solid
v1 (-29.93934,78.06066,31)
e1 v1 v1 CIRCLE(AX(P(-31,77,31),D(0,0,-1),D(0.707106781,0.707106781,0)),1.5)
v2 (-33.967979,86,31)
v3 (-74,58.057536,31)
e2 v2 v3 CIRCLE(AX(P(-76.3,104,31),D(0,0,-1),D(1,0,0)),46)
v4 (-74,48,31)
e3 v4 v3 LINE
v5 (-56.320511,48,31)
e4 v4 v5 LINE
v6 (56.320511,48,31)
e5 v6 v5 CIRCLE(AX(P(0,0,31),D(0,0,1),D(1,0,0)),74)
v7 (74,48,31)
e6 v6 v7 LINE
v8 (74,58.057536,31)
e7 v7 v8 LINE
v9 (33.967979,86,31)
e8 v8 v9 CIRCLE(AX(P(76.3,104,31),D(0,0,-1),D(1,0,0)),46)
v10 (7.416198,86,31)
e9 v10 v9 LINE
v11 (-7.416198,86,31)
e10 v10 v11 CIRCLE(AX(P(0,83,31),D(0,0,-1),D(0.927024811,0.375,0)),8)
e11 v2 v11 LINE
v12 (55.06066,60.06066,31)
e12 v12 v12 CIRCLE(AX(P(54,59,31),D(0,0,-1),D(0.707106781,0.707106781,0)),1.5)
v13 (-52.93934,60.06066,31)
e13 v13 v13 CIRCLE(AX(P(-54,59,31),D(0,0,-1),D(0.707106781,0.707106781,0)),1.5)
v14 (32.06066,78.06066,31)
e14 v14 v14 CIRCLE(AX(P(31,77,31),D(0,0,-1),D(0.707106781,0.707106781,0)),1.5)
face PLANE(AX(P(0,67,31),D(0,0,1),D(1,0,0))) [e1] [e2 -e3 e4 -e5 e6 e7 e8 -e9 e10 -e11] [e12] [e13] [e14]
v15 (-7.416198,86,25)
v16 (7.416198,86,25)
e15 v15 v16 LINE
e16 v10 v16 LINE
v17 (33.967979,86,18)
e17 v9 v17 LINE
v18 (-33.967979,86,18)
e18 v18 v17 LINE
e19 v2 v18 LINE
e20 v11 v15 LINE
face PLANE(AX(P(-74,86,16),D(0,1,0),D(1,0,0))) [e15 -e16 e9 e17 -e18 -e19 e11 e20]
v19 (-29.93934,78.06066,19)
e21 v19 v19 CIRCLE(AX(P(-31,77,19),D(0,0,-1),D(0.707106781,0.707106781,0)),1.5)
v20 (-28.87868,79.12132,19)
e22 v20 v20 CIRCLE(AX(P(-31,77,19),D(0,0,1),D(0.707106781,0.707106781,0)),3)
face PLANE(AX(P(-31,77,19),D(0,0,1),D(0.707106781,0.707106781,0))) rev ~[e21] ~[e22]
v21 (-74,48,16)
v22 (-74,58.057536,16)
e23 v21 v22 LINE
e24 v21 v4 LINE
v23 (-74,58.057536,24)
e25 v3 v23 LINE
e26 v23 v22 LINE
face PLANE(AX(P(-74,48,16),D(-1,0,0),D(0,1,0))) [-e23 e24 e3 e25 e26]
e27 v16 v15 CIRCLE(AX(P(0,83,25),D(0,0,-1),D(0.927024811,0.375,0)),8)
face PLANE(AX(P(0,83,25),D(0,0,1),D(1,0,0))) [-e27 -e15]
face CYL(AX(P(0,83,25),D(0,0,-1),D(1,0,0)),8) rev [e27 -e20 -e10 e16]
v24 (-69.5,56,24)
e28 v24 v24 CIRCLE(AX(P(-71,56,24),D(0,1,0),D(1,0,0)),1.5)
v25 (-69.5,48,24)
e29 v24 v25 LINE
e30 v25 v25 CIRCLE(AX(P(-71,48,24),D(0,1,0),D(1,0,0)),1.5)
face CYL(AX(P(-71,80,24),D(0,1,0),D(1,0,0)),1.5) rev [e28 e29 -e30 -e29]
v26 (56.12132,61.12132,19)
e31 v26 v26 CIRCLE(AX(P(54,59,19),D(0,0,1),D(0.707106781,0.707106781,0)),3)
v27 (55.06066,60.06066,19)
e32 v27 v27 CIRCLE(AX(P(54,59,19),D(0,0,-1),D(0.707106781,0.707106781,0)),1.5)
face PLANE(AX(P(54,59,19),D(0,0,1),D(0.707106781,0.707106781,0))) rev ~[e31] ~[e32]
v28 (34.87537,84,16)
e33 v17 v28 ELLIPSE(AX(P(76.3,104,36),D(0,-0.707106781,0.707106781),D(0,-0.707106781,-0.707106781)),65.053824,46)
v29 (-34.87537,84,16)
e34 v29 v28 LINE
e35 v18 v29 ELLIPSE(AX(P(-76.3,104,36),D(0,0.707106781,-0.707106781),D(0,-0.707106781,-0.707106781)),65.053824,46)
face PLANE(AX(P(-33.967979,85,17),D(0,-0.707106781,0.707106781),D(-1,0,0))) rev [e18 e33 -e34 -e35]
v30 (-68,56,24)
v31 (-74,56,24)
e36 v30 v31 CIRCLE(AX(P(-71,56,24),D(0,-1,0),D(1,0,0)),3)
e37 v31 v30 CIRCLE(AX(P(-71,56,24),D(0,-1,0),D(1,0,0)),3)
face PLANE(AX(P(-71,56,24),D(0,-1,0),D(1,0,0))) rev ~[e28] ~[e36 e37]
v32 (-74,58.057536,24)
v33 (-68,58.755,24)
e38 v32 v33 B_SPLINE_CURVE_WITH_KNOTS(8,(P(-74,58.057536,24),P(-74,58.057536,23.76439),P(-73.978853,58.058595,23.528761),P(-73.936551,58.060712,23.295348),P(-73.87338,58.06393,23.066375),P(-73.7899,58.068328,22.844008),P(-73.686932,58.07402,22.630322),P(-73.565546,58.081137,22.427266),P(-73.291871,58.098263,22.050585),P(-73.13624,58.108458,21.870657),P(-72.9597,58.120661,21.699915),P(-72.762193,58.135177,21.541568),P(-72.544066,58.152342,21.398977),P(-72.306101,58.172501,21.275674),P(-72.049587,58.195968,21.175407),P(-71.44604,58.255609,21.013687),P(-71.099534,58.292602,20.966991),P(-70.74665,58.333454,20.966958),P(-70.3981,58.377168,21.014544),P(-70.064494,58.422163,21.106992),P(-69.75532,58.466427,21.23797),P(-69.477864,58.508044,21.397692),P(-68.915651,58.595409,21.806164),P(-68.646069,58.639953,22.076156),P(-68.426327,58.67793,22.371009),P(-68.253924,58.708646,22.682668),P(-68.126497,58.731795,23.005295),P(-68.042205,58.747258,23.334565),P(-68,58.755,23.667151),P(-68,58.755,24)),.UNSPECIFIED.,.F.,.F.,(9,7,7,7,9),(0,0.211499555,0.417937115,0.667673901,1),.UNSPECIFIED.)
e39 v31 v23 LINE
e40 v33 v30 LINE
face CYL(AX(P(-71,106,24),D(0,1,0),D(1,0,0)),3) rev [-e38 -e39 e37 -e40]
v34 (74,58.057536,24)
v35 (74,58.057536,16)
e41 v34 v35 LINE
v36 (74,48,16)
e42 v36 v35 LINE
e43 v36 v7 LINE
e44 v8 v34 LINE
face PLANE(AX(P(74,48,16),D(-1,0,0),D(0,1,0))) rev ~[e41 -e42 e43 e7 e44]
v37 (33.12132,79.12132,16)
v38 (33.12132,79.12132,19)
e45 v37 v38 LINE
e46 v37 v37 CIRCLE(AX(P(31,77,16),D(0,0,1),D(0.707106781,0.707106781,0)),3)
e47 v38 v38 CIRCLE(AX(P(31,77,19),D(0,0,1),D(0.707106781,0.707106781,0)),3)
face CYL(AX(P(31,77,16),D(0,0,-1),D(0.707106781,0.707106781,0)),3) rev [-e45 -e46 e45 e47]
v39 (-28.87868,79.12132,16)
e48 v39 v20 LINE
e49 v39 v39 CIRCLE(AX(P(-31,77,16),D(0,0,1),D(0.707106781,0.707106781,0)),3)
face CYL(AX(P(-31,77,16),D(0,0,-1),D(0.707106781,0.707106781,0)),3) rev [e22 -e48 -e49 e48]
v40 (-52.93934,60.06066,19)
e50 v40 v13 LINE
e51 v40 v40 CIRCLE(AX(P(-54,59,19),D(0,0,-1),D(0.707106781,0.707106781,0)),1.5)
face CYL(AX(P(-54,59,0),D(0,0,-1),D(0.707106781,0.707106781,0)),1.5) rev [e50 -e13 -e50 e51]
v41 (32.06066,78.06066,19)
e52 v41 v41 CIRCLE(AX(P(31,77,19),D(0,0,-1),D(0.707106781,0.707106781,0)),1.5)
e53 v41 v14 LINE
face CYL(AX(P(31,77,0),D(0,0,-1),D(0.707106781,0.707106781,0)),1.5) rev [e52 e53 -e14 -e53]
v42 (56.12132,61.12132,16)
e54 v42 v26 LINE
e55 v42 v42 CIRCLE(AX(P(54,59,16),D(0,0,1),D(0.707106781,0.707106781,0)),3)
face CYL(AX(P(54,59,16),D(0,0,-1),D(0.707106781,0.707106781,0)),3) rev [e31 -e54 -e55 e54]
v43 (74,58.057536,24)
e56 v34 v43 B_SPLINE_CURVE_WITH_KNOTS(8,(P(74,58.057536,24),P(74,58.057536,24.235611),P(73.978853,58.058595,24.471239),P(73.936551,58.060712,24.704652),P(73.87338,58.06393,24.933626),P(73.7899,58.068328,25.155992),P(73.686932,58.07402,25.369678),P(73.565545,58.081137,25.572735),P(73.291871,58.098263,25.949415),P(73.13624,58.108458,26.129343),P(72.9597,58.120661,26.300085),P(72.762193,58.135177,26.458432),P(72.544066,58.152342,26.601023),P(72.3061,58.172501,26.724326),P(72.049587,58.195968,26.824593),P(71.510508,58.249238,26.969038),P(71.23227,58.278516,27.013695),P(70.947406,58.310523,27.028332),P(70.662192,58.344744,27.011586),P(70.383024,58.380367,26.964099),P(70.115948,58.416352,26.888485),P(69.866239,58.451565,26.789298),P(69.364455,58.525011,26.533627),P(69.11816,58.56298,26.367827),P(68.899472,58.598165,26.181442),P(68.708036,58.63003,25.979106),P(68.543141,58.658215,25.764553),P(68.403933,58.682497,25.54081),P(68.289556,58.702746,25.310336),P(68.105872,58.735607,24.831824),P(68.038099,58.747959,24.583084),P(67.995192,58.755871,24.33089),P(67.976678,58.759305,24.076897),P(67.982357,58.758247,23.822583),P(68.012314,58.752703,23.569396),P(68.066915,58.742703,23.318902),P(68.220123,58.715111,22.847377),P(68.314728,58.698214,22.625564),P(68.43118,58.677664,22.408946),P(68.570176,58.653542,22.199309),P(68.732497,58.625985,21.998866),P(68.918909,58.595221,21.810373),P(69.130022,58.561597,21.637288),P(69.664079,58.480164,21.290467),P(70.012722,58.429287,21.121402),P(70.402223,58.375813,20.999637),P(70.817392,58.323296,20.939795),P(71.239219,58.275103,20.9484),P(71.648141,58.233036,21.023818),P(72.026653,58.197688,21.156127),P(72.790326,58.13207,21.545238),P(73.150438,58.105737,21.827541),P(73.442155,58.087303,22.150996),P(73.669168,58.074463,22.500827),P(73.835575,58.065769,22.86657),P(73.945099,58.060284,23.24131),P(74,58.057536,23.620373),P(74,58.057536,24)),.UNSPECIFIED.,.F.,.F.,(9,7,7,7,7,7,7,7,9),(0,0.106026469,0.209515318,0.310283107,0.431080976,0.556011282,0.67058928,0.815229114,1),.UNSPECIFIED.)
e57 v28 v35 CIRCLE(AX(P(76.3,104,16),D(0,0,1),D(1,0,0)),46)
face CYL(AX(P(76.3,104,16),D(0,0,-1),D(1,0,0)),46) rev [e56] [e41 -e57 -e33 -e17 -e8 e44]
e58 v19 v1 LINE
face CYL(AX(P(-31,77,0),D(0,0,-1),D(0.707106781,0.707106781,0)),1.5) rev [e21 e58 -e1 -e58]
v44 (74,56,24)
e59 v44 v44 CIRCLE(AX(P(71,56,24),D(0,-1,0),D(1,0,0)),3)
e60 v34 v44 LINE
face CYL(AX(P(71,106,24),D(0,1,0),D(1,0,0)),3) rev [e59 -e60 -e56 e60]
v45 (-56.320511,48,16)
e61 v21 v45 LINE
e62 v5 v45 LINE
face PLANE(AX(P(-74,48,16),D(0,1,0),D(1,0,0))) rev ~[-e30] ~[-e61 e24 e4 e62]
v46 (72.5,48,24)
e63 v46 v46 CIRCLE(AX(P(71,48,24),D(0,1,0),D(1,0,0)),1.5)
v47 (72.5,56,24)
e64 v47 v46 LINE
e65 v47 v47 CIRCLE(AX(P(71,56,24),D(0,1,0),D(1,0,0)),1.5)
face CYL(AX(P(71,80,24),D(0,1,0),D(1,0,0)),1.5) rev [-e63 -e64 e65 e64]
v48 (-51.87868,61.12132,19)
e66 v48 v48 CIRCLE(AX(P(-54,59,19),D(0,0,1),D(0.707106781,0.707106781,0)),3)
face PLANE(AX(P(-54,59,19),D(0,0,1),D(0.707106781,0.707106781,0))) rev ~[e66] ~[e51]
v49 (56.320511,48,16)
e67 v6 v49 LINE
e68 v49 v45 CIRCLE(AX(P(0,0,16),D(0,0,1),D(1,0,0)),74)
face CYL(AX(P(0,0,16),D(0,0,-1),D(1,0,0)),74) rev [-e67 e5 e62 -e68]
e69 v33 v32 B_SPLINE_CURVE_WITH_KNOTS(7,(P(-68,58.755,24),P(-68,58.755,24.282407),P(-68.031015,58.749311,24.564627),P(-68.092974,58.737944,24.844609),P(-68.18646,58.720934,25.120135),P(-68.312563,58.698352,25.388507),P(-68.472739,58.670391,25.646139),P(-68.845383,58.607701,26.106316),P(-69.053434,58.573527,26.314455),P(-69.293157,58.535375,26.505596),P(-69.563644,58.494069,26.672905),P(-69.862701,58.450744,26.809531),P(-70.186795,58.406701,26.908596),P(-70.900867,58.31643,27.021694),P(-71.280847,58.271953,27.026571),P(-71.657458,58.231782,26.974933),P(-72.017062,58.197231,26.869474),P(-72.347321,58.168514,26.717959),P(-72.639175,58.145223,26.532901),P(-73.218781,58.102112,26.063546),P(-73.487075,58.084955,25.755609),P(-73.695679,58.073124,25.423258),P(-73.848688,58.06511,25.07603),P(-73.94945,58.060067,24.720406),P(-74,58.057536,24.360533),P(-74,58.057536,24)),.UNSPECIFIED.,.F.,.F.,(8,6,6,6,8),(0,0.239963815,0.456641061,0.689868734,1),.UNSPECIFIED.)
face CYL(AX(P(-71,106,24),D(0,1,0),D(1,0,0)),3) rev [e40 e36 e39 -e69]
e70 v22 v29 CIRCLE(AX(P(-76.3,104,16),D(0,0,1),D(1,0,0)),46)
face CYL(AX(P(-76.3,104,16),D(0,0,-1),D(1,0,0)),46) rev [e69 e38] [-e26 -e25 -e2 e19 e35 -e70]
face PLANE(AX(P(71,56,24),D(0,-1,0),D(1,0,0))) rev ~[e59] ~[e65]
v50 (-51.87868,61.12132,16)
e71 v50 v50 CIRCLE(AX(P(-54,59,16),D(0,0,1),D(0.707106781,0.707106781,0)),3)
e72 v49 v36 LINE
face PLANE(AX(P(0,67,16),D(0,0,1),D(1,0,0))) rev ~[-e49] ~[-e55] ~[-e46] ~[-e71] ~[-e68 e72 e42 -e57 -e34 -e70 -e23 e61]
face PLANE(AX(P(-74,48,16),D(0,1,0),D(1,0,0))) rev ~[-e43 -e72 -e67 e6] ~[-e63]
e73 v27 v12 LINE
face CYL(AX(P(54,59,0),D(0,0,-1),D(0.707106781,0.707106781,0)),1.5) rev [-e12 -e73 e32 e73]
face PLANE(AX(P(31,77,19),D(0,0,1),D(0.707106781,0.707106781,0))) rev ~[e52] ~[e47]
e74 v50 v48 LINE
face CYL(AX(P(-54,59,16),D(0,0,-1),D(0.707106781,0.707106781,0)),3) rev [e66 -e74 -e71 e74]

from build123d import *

# Parameters (mm, degrees)
CYLINDER2057_R               = 1.5
CYLINDER2057_DEPTH           = 50
CYLINDER2057_PLACEMENT_ANGLE = 45
CYLINDER2056_R               = 1.5
CYLINDER2056_DEPTH           = 50
CYLINDER2056_PLACEMENT_ANGLE = 45
CYLINDER2053_R               = 1.5
CYLINDER2053_DEPTH           = 50
CYLINDER2053_PLACEMENT_ANGLE = 45
CYLINDER2055_R               = 1.5
CYLINDER2055_DEPTH           = 50
CYLINDER2055_PLACEMENT_ANGLE = 45
CYLINDER2054_R               = 3
CYLINDER2054_DEPTH           = 3
CYLINDER2054_PLACEMENT_ANGLE = 45
CYLINDER2058_R               = 3
CYLINDER2058_DEPTH           = 3
CYLINDER2058_PLACEMENT_ANGLE = 45
CYLINDER2068_R               = 3
CYLINDER2068_DEPTH           = 3
CYLINDER2068_PLACEMENT_ANGLE = 45
CYLINDER2059_R               = 3
CYLINDER2059_DEPTH           = 3
CYLINDER2059_PLACEMENT_ANGLE = 45
CYLINDER2048_R               = 8
CYLINDER2048_DEPTH           = 6
CYLINDER2045_R               = 3
CYLINDER2045_DEPTH           = 50
CYLINDER2060_R               = 3
CYLINDER2060_DEPTH           = 50
CYLINDER2046_R               = 1.5
CYLINDER2046_DEPTH           = 50
CYLINDER2044_R               = 1.5
CYLINDER2044_DEPTH           = 50
CYLINDER2042_R               = 74
CYLINDER2042_DEPTH           = 15
CYLINDER2047_R               = 46
CYLINDER2047_DEPTH           = 36
CYLINDER2043_R               = 46
CYLINDER2043_DEPTH           = 36
BOX988_W                     = 148
BOX988_H                     = 38
BOX988_DEPTH                 = 15
CHAMFER078_SIZE              = 2


with BuildPart() as v_lec2057:
    # Cylinder2057 → Cylinder2057 (new body)
    with BuildSketch(Plane.XY):
        Circle(CYLINDER2057_R)
    extrude(amount=CYLINDER2057_DEPTH)


with BuildPart() as v_lec2057_1:
    # Cylinder2057 placement: moved
    add(v_lec2057.part.moved(Location((-31, 77, 0))).rotate(Axis((-31, 77, 0), (0, 0, 1)), CYLINDER2057_PLACEMENT_ANGLE))


with BuildPart() as compound960:
    # Cylinder2056 → Cylinder2056 (new body)
    with BuildSketch(Plane.XY):
        Circle(CYLINDER2056_R)
    extrude(amount=CYLINDER2056_DEPTH)


with BuildPart() as compound960_1:
    # Cylinder2056 placement: moved
    add(compound960.part.moved(Location((31, 77, 0))).rotate(Axis((31, 77, 0), (0, 0, 1)), CYLINDER2056_PLACEMENT_ANGLE))

    # Compound960: union Válec2057
    add(v_lec2057_1.part)


with BuildPart() as v_lec2053:
    # Cylinder2053 → Cylinder2053 (new body)
    with BuildSketch(Plane.XY):
        Circle(CYLINDER2053_R)
    extrude(amount=CYLINDER2053_DEPTH)


with BuildPart() as v_lec2053_1:
    # Cylinder2053 placement: moved
    add(v_lec2053.part.moved(Location((-54, 59, 0))).rotate(Axis((-54, 59, 0), (0, 0, 1)), CYLINDER2053_PLACEMENT_ANGLE))


with BuildPart() as compound1089:
    # Cylinder2055 → Cylinder2055 (new body)
    with BuildSketch(Plane.XY):
        Circle(CYLINDER2055_R)
    extrude(amount=CYLINDER2055_DEPTH)


with BuildPart() as compound1089_1:
    # Cylinder2055 placement: moved
    add(compound1089.part.moved(Location((54, 59, 0))).rotate(Axis((54, 59, 0), (0, 0, 1)), CYLINDER2055_PLACEMENT_ANGLE))

    # Compound959: union Válec2053
    add(v_lec2053_1.part)

    # Compound1089: union Compound960
    add(compound960_1.part)


with BuildPart() as v_lec2054:
    # Cylinder2054 → Cylinder2054 (new body)
    with BuildSketch(Plane.XY):
        Circle(CYLINDER2054_R)
    extrude(amount=CYLINDER2054_DEPTH)


with BuildPart() as v_lec2054_1:
    # Cylinder2054 placement: moved
    add(v_lec2054.part.moved(Location((-31, 77, 0))).rotate(Axis((-31, 77, 0), (0, 0, 1)), CYLINDER2054_PLACEMENT_ANGLE))


with BuildPart() as compound1105:
    # Cylinder2058 → Cylinder2058 (new body)
    with BuildSketch(Plane.XY):
        Circle(CYLINDER2058_R)
    extrude(amount=CYLINDER2058_DEPTH)


with BuildPart() as compound1105_1:
    # Cylinder2058 placement: moved
    add(compound1105.part.moved(Location((31, 77, 0))).rotate(Axis((31, 77, 0), (0, 0, 1)), CYLINDER2058_PLACEMENT_ANGLE))

    # Compound1105: union Válec2054
    add(v_lec2054_1.part)


with BuildPart() as v_lec2068:
    # Cylinder2068 → Cylinder2068 (new body)
    with BuildSketch(Plane.XY):
        Circle(CYLINDER2068_R)
    extrude(amount=CYLINDER2068_DEPTH)


with BuildPart() as v_lec2068_1:
    # Cylinder2068 placement: moved
    add(v_lec2068.part.moved(Location((-54, 59, 0))).rotate(Axis((-54, 59, 0), (0, 0, 1)), CYLINDER2068_PLACEMENT_ANGLE))


with BuildPart() as compound1098:
    # Cylinder2059 → Cylinder2059 (new body)
    with BuildSketch(Plane.XY):
        Circle(CYLINDER2059_R)
    extrude(amount=CYLINDER2059_DEPTH)


with BuildPart() as compound1098_1:
    # Cylinder2059 placement: moved
    add(compound1098.part.moved(Location((54, 59, 0))).rotate(Axis((54, 59, 0), (0, 0, 1)), CYLINDER2059_PLACEMENT_ANGLE))

    # Compound965: union Válec2068
    add(v_lec2068_1.part)

    # Compound1098: union Compound1105
    add(compound1105_1.part)


with BuildPart() as compound1098_2:
    # Compound1098 placement: moved
    add(compound1098_1.part.moved(Location((0, 0, 16))))


with BuildPart() as v_lec2048:
    # Cylinder2048 → Cylinder2048 (new body)
    with BuildSketch(Plane(origin=(0, 83, 25), x_dir=(1, 0, 0), z_dir=(0, 0, 1))):
        Circle(CYLINDER2048_R)
    extrude(amount=CYLINDER2048_DEPTH)


with BuildPart() as v_lec2045:
    # Cylinder2045 → Cylinder2045 (new body)
    with BuildSketch(Plane(origin=(-71, 106, 24), x_dir=(1, 0, 0), z_dir=(0, -1, 0))):
        Circle(CYLINDER2045_R)
    extrude(amount=CYLINDER2045_DEPTH)


with BuildPart() as compound955:
    # Cylinder2060 → Cylinder2060 (new body)
    with BuildSketch(Plane(origin=(71, 106, 24), x_dir=(1, 0, 0), z_dir=(0, -1, 0))):
        Circle(CYLINDER2060_R)
    extrude(amount=CYLINDER2060_DEPTH)

    # Compound955: union Válec2045
    add(v_lec2045.part)


with BuildPart() as v_lec2046:
    # Cylinder2046 → Cylinder2046 (new body)
    with BuildSketch(Plane(origin=(-71, 80, 24), x_dir=(1, 0, 0), z_dir=(0, -1, 0))):
        Circle(CYLINDER2046_R)
    extrude(amount=CYLINDER2046_DEPTH)


with BuildPart() as compound953:
    # Cylinder2044 → Cylinder2044 (new body)
    with BuildSketch(Plane(origin=(71, 80, 24), x_dir=(1, 0, 0), z_dir=(0, -1, 0))):
        Circle(CYLINDER2044_R)
    extrude(amount=CYLINDER2044_DEPTH)

    # Compound953: union Válec2046
    add(v_lec2046.part)


with BuildPart() as v_lec2042:
    # Cylinder2042 → Cylinder2042 (new body)
    with BuildSketch(Plane.XY.offset(16)):
        Circle(CYLINDER2042_R)
    extrude(amount=CYLINDER2042_DEPTH)


with BuildPart() as v_lec2047:
    # Cylinder2047 → Cylinder2047 (new body)
    with BuildSketch(Plane(origin=(76.3, 104, 16), x_dir=(1, 0, 0), z_dir=(0, 0, 1))):
        Circle(CYLINDER2047_R)
    extrude(amount=CYLINDER2047_DEPTH)


with BuildPart() as v_lec2043:
    # Cylinder2043 → Cylinder2043 (new body)
    with BuildSketch(Plane(origin=(-76.3, 104, 16), x_dir=(1, 0, 0), z_dir=(0, 0, 1))):
        Circle(CYLINDER2043_R)
    extrude(amount=CYLINDER2043_DEPTH)


with BuildPart() as cut686:
    # Box988 → Box988 (new body)
    with BuildSketch(Plane(origin=(-74, 48, 16), x_dir=(1, 0, 0), z_dir=(0, 0, 1))):
        with Locations((74, 19)):
            Rectangle(BOX988_W, BOX988_H)
    extrude(amount=BOX988_DEPTH)

    # Cut701: cut Válec2043
    add(v_lec2043.part, mode=Mode.SUBTRACT)

    # Cut695: cut Válec2047
    add(v_lec2047.part, mode=Mode.SUBTRACT)

    # Cut699: cut Válec2042
    add(v_lec2042.part, mode=Mode.SUBTRACT)

    # Cut685: cut Compound953
    add(compound953.part, mode=Mode.SUBTRACT)

    # Cut697: cut Compound955
    add(compound955.part, mode=Mode.SUBTRACT)

    # Cut687: cut Válec2048
    add(v_lec2048.part, mode=Mode.SUBTRACT)

    # Chamfer078
    chamfer078_edges = [cut686.edges().sort_by_distance(p)[0] for p in [
        (0, 86, 16),
    ]]
    chamfer(chamfer078_edges, length=CHAMFER078_SIZE)

    # Cut689: cut Compound1098
    add(compound1098_2.part, mode=Mode.SUBTRACT)

    # Cut686: cut Compound1089
    add(compound1089_1.part, mode=Mode.SUBTRACT)


solid = cut686.part
